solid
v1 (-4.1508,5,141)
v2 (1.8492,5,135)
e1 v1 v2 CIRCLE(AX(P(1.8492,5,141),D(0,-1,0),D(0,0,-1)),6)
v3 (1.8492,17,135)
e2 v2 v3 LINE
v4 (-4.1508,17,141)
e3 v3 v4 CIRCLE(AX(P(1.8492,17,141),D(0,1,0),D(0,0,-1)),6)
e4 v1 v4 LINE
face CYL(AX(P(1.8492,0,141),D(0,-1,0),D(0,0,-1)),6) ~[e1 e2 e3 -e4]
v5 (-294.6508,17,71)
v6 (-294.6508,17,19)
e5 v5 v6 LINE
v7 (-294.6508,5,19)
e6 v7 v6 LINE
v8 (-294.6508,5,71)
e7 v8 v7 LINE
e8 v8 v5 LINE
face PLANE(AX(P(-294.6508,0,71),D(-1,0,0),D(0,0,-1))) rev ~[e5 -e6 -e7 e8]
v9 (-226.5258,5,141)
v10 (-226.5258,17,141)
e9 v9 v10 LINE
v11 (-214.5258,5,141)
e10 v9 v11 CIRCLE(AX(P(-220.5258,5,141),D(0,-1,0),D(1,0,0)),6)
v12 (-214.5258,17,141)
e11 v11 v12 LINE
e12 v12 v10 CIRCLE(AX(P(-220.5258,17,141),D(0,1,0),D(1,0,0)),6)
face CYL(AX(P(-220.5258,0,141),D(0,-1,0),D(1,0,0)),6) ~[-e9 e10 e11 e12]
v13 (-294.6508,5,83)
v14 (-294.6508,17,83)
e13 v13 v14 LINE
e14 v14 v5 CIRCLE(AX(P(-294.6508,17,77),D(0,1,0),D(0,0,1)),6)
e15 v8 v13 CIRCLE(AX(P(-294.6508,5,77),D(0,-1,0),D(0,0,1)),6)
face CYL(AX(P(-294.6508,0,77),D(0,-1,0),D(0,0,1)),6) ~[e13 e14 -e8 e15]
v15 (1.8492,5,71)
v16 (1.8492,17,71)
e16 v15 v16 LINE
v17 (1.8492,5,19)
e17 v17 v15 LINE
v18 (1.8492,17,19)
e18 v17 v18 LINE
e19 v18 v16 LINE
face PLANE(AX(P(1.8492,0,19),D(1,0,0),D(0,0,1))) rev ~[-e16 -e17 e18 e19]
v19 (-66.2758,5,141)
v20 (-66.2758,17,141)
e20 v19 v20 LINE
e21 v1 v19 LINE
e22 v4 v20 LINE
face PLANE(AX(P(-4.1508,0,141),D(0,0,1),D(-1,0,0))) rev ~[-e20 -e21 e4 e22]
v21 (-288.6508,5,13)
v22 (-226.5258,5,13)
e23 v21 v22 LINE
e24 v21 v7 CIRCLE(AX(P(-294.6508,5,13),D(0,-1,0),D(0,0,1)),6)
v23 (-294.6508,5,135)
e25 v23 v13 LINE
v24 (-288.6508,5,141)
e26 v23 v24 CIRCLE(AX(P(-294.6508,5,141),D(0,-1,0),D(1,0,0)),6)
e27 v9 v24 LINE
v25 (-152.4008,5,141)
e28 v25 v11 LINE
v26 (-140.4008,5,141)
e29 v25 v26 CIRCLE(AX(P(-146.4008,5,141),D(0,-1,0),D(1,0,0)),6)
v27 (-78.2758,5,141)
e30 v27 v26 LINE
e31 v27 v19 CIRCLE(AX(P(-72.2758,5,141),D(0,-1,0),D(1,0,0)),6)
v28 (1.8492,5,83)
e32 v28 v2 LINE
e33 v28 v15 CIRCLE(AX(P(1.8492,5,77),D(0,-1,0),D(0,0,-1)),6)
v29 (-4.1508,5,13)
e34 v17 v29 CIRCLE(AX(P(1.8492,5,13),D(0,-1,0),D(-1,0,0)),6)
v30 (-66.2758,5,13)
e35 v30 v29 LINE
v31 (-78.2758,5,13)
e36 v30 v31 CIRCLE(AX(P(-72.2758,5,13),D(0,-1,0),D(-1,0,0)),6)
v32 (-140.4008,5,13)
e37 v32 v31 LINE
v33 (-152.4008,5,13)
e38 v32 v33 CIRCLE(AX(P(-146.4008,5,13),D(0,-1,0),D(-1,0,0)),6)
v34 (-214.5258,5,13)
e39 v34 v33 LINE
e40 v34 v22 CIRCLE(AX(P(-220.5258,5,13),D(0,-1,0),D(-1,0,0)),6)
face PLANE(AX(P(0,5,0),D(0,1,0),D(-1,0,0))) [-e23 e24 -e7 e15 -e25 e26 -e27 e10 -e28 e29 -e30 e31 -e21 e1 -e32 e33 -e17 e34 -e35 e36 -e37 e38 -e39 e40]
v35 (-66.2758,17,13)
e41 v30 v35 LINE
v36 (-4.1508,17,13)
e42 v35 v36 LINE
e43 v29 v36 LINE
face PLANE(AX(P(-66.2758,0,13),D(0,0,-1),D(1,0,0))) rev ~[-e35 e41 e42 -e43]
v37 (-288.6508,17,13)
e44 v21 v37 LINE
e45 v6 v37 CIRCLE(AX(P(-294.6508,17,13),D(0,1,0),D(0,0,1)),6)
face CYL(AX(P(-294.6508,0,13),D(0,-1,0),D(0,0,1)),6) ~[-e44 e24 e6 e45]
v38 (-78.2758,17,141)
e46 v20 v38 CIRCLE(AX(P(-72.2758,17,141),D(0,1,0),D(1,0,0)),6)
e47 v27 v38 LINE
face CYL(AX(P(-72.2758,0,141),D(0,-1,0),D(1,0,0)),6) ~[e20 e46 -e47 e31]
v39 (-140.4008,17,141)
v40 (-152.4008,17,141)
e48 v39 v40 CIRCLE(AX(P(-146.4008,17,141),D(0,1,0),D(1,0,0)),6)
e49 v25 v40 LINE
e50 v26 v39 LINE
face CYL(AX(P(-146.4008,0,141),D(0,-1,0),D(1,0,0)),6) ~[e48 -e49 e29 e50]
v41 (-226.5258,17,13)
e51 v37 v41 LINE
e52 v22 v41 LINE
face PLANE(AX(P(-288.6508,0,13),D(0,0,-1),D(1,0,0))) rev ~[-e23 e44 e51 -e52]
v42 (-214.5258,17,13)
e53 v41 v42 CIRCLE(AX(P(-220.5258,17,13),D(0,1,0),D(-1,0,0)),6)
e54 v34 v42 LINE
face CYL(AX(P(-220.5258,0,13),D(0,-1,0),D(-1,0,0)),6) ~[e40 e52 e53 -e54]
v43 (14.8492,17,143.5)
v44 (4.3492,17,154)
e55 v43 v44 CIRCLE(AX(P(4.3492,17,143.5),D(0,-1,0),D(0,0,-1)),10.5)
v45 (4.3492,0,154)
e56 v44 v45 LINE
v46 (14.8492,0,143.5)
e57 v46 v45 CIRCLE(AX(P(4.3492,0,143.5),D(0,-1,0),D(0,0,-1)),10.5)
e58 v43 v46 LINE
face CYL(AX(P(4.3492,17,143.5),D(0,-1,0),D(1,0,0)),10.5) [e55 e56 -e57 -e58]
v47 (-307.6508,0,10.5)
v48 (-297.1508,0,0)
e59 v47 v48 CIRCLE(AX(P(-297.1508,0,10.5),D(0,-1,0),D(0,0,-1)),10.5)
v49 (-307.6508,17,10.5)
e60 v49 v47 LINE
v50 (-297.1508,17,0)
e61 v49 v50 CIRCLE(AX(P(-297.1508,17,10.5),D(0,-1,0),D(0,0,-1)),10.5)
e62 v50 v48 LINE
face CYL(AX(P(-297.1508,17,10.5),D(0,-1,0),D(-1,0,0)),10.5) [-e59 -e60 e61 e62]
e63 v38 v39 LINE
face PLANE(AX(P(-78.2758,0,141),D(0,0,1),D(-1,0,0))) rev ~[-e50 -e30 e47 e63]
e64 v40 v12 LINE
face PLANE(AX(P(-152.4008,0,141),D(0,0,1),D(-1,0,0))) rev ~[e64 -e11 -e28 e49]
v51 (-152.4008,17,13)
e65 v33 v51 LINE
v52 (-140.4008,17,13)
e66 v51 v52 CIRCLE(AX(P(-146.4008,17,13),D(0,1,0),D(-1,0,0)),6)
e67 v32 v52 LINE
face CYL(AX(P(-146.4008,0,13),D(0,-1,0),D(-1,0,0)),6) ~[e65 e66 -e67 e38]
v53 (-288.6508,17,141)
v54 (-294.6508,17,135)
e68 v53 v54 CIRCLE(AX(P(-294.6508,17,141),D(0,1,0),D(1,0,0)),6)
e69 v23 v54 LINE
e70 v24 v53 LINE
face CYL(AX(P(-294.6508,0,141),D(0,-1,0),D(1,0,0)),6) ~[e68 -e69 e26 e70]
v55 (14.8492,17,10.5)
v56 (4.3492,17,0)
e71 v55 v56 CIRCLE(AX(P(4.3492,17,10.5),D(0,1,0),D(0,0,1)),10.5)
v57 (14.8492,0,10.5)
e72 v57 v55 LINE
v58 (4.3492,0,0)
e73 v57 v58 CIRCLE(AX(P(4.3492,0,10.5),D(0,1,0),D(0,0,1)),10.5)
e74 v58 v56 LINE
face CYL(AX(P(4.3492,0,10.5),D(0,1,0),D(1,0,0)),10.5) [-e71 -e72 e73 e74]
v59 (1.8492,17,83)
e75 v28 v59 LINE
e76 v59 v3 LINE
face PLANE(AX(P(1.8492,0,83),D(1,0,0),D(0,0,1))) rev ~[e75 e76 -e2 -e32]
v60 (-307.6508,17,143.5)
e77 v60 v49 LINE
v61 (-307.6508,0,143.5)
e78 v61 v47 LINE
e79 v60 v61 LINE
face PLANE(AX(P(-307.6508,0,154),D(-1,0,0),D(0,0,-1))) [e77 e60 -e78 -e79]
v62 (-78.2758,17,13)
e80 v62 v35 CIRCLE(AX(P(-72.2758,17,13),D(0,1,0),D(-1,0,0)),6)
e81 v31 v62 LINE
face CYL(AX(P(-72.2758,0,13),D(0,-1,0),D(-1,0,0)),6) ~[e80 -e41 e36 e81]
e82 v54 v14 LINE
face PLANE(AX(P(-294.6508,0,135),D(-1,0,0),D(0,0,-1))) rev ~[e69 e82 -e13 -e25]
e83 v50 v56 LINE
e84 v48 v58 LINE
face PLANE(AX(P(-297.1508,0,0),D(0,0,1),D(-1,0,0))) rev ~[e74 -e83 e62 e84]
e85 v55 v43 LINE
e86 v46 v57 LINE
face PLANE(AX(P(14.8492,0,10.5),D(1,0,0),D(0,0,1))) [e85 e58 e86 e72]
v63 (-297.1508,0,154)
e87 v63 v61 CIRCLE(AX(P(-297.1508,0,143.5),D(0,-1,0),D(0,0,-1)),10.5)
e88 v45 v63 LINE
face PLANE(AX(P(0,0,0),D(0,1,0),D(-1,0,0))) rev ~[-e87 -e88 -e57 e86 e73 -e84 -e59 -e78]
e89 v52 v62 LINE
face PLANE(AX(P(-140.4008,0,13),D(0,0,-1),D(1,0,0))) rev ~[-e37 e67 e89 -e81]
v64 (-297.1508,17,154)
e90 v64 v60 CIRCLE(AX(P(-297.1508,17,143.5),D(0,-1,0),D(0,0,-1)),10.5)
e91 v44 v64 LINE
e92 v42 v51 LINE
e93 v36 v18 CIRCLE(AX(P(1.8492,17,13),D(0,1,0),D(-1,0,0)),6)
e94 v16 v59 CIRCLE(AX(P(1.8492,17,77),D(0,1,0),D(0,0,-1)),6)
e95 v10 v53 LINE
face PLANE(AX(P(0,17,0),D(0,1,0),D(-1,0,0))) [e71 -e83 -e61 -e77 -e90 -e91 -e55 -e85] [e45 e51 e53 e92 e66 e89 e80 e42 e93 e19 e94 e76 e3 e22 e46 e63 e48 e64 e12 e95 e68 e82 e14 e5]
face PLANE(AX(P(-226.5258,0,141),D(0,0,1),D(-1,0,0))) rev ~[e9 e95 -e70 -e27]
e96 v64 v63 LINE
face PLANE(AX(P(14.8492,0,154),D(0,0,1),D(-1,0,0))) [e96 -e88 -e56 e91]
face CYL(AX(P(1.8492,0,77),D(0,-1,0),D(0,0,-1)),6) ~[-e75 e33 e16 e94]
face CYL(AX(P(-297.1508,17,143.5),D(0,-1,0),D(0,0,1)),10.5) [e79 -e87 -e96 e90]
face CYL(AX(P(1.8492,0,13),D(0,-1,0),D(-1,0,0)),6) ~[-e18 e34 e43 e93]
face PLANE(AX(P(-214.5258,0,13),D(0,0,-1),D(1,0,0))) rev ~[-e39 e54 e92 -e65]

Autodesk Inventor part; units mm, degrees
sketch "Эскиз1" plane through (0, 0, 0) normal (0, 1, 0) x (-1, 0, 0)
  arc A0 (294.6508, 19) -> (288.6508, 13) centre (294.6508, 13) ccw
  arc A1 (226.5258, 13) -> (214.5258, 13) centre (220.5258, 13) ccw
  arc A2 (152.4008, 13) -> (140.4008, 13) centre (146.4008, 13) ccw
  arc A3 (4.1508, 13) -> (-1.8492, 19) centre (-1.8492, 13) ccw
  arc A4 (78.2758, 13) -> (66.2758, 13) centre (72.2758, 13) ccw
  arc A5 (294.6508, 83) -> (294.6508, 71) centre (294.6508, 77) ccw
  arc A6 (288.6508, 141) -> (294.6508, 135) centre (294.6508, 141) ccw
  arc A7 (214.5258, 141) -> (226.5258, 141) centre (220.5258, 141) ccw
  arc A8 (140.4008, 141) -> (152.4008, 141) centre (146.4008, 141) ccw
  arc A9 (66.2758, 141) -> (78.2758, 141) centre (72.2758, 141) ccw
  arc A10 (-1.8492, 135) -> (4.1508, 141) centre (-1.8492, 141) ccw
  arc A11 (-1.8492, 71) -> (-1.8492, 83) centre (-1.8492, 77) ccw
  line L0 (-14.8492, 10.5) -> (-14.8492, 143.5)
  line L1 (-14.8492, 10.5) -> (-14.8492, 143.5)
  line L2 (-4.3492, 154) -> (297.1508, 154)
  line L3 (307.6508, 10.5) -> (307.6508, 143.5)
  line L4 (297.1508, 0) -> (-4.3492, 0)
  line L5 (288.6508, 13) -> (226.5258, 13)
  line L6 (214.5258, 13) -> (152.4008, 13)
  line L7 (140.4008, 13) -> (78.2758, 13)
  line L8 (66.2758, 13) -> (4.1508, 13)
  line L9 (-1.8492, 19) -> (-1.8492, 71)
  line L10 (-1.8492, 83) -> (-1.8492, 135)
  line L11 (4.1508, 141) -> (66.2758, 141)
  line L12 (78.2758, 141) -> (140.4008, 141)
  line L13 (152.4008, 141) -> (214.5258, 141)
  line L14 (226.5258, 141) -> (288.6508, 141)
  line L15 (294.6508, 135) -> (294.6508, 83)
  line L16 (294.6508, 71) -> (294.6508, 19)
  line L17 (275.1508, 0) -> (362.1508, 0)
  line L18 (307.6508, 0) -> (-14.8492, 0)
  line L19 (-14.8492, 0) -> (-14.8492, 154)
  line L20 (-14.8492, 154) -> (307.6508, 154)
  line L21 (307.6508, 154) -> (307.6508, 0)
  point P0 (0, 0)
  point P1 (323.6508, -3)
  point P2 (297.1508, 10.5)
  point P3 (-4.3492, 10.5)
  point P4 (-4.3492, 143.5)
  point P5 (146.4008, 13)
  dimension "d0" = 74.125
  dimension "d1" = 74.125
  dimension "d2" = 74.125
  dimension "d3" = 6
  dimension "d4" = 296.5
  dimension "d5" = 322.5
  dimension "d6" = 154
  dimension "d7" = 128
  dimension "d8" = 13
  dimension "d9" = 13
  dimension "d10" = 13
  dimension "d11" = 13
extrude "Выдавливание1" add sketch "Эскиз1" along normal blind 17
extrude "Выдавливание2" add sketch "Эскиз1" along normal blind 5 contours A0 L5 A1 L6 A2 L7 A4 L8 A3 L9 A11 L10 A10 L11 A9 L12 A8 L13 A7 L14 A6 L15 A5 L16 | L0 L19 L20 L2 L21 L3 L17 L4 L18
fillet "Сопряжение1" radius 10.5 4 edges at (-307.6508, 8.5, 0) (14.8492, 8.5, 0) (-307.6508, 8.5, 154) (14.8492, 8.5, 154)
ref_plane "РабПлоскость1" through (0, 14.5, 0) normal (0, 1, 0) x (1, 0, 0)
sketch "Эскиз5" plane through (0, 5, 0) normal (0, 1, 0) x (1, 0, 0)
  line L0 (-140.4008, -13) -> (-78.2758, -13) projected
  arc A0 (-152.4008, -13) -> (-140.4008, -13) centre (-146.4008, -13) ccw projected
  line L1 (-214.5258, -13) -> (-152.4008, -13) projected
  arc A1 (-226.5258, -13) -> (-214.5258, -13) centre (-220.5258, -13) ccw projected
  line L2 (-288.6508, -13) -> (-226.5258, -13) projected
  arc A2 (-294.6508, -19) -> (-288.6508, -13) centre (-294.6508, -13) ccw projected
  line L3 (-294.6508, -71) -> (-294.6508, -19) projected
  arc A3 (-294.6508, -83) -> (-294.6508, -71) centre (-294.6508, -77) ccw projected
  line L4 (-294.6508, -135) -> (-294.6508, -83) projected
  arc A4 (-288.6508, -141) -> (-294.6508, -135) centre (-294.6508, -141) ccw projected
  line L5 (-226.5258, -141) -> (-288.6508, -141) projected
  arc A5 (-214.5258, -141) -> (-226.5258, -141) centre (-220.5258, -141) ccw projected
  line L6 (-152.4008, -141) -> (-214.5258, -141) projected
  arc A6 (-140.4008, -141) -> (-152.4008, -141) centre (-146.4008, -141) ccw projected
  line L7 (-78.2758, -141) -> (-140.4008, -141) projected
  arc A7 (-66.2758, -141) -> (-78.2758, -141) centre (-72.2758, -141) ccw projected
  line L8 (-4.1508, -141) -> (-66.2758, -141) projected
  arc A8 (1.8492, -135) -> (-4.1508, -141) centre (1.8492, -141) ccw projected
  line L9 (1.8492, -83) -> (1.8492, -135) projected
  arc A9 (1.8492, -71) -> (1.8492, -83) centre (1.8492, -77) ccw projected
  line L10 (1.8492, -19) -> (1.8492, -71) projected
  arc A10 (-4.1508, -13) -> (1.8492, -19) centre (1.8492, -13) ccw projected
  line L11 (-66.2758, -13) -> (-4.1508, -13) projected
  arc A11 (-78.2758, -13) -> (-66.2758, -13) centre (-72.2758, -13) ccw projected
  point P0 (0, 0)
sketch "Эскиз4" plane through (0, 14.5, 0) normal (0, 1, 0) x (1, 0, 0)
  line L0 (-140.4008, -13) -> (-78.2758, -13) projected
  arc A0 (-78.2758, -13) -> (-66.2758, -13) centre (-72.2758, -13) ccw projected
  line L1 (-66.2758, -13) -> (-4.1508, -13) projected
  arc A1 (-4.1508, -13) -> (1.8492, -19) centre (1.8492, -13) ccw projected
  line L2 (1.8492, -19) -> (1.8492, -71) projected
  arc A2 (1.8492, -71) -> (1.8492, -83) centre (1.8492, -77) ccw projected
  line L3 (1.8492, -83) -> (1.8492, -135) projected
  arc A3 (1.8492, -135) -> (-4.1508, -141) centre (1.8492, -141) ccw projected
  line L4 (-4.1508, -141) -> (-66.2758, -141) projected
  arc A4 (-66.2758, -141) -> (-78.2758, -141) centre (-72.2758, -141) ccw projected
  line L5 (-78.2758, -141) -> (-140.4008, -141) projected
  arc A5 (-140.4008, -141) -> (-152.4008, -141) centre (-146.4008, -141) ccw projected
  line L6 (-152.4008, -141) -> (-214.5258, -141) projected
  arc A6 (-214.5258, -141) -> (-226.5258, -141) centre (-220.5258, -141) ccw projected
  line L7 (-226.5258, -141) -> (-288.6508, -141) projected
  arc A7 (-288.6508, -141) -> (-294.6508, -135) centre (-294.6508, -141) ccw projected
  line L8 (-294.6508, -135) -> (-294.6508, -83) projected
  arc A8 (-294.6508, -83) -> (-294.6508, -71) centre (-294.6508, -77) ccw projected
  line L9 (-294.6508, -71) -> (-294.6508, -19) projected
  arc A9 (-294.6508, -19) -> (-288.6508, -13) centre (-294.6508, -13) ccw projected
  line L10 (-288.6508, -13) -> (-226.5258, -13) projected
  arc A10 (-226.5258, -13) -> (-214.5258, -13) centre (-220.5258, -13) ccw projected
  line L11 (-214.5258, -13) -> (-152.4008, -13) projected
  arc A11 (-152.4008, -13) -> (-140.4008, -13) centre (-146.4008, -13) ccw projected
  arc A12 (4.3492, -154) -> (14.8492, -143.5) centre (4.3492, -143.5) ccw projected
  line L12 (14.8492, -143.5) -> (14.8492, -10.5) projected
  arc A13 (14.8492, -10.5) -> (4.3492, 0) centre (4.3492, -10.5) ccw projected
  line L13 (4.3492, 0) -> (-297.1508, 0) projected
  arc A14 (-297.1508, 0) -> (-307.6508, -10.5) centre (-297.1508, -10.5) ccw projected
  line L14 (-307.6508, -10.5) -> (-307.6508, -143.5) projected
  arc A15 (-307.6508, -143.5) -> (-297.1508, -154) centre (-297.1508, -143.5) ccw projected
  line L15 (-297.1508, -154) -> (4.3492, -154) projected
  arc A16 (-226.5258, -13) -> (-214.5258, -13) centre (-220.5258, -13) ccw projected
  line L16 (-220.5258, -13) -> (-220.5258, -141)
  line L17 (-146.4008, -13) -> (-146.4008, -141)
  line L18 (-72.2758, -13) -> (-72.2758, -141)
  line L19 (-294.6508, -77) -> (1.8492, -77)
  point P0 (0, 0)
properties part number "Крыша2"
